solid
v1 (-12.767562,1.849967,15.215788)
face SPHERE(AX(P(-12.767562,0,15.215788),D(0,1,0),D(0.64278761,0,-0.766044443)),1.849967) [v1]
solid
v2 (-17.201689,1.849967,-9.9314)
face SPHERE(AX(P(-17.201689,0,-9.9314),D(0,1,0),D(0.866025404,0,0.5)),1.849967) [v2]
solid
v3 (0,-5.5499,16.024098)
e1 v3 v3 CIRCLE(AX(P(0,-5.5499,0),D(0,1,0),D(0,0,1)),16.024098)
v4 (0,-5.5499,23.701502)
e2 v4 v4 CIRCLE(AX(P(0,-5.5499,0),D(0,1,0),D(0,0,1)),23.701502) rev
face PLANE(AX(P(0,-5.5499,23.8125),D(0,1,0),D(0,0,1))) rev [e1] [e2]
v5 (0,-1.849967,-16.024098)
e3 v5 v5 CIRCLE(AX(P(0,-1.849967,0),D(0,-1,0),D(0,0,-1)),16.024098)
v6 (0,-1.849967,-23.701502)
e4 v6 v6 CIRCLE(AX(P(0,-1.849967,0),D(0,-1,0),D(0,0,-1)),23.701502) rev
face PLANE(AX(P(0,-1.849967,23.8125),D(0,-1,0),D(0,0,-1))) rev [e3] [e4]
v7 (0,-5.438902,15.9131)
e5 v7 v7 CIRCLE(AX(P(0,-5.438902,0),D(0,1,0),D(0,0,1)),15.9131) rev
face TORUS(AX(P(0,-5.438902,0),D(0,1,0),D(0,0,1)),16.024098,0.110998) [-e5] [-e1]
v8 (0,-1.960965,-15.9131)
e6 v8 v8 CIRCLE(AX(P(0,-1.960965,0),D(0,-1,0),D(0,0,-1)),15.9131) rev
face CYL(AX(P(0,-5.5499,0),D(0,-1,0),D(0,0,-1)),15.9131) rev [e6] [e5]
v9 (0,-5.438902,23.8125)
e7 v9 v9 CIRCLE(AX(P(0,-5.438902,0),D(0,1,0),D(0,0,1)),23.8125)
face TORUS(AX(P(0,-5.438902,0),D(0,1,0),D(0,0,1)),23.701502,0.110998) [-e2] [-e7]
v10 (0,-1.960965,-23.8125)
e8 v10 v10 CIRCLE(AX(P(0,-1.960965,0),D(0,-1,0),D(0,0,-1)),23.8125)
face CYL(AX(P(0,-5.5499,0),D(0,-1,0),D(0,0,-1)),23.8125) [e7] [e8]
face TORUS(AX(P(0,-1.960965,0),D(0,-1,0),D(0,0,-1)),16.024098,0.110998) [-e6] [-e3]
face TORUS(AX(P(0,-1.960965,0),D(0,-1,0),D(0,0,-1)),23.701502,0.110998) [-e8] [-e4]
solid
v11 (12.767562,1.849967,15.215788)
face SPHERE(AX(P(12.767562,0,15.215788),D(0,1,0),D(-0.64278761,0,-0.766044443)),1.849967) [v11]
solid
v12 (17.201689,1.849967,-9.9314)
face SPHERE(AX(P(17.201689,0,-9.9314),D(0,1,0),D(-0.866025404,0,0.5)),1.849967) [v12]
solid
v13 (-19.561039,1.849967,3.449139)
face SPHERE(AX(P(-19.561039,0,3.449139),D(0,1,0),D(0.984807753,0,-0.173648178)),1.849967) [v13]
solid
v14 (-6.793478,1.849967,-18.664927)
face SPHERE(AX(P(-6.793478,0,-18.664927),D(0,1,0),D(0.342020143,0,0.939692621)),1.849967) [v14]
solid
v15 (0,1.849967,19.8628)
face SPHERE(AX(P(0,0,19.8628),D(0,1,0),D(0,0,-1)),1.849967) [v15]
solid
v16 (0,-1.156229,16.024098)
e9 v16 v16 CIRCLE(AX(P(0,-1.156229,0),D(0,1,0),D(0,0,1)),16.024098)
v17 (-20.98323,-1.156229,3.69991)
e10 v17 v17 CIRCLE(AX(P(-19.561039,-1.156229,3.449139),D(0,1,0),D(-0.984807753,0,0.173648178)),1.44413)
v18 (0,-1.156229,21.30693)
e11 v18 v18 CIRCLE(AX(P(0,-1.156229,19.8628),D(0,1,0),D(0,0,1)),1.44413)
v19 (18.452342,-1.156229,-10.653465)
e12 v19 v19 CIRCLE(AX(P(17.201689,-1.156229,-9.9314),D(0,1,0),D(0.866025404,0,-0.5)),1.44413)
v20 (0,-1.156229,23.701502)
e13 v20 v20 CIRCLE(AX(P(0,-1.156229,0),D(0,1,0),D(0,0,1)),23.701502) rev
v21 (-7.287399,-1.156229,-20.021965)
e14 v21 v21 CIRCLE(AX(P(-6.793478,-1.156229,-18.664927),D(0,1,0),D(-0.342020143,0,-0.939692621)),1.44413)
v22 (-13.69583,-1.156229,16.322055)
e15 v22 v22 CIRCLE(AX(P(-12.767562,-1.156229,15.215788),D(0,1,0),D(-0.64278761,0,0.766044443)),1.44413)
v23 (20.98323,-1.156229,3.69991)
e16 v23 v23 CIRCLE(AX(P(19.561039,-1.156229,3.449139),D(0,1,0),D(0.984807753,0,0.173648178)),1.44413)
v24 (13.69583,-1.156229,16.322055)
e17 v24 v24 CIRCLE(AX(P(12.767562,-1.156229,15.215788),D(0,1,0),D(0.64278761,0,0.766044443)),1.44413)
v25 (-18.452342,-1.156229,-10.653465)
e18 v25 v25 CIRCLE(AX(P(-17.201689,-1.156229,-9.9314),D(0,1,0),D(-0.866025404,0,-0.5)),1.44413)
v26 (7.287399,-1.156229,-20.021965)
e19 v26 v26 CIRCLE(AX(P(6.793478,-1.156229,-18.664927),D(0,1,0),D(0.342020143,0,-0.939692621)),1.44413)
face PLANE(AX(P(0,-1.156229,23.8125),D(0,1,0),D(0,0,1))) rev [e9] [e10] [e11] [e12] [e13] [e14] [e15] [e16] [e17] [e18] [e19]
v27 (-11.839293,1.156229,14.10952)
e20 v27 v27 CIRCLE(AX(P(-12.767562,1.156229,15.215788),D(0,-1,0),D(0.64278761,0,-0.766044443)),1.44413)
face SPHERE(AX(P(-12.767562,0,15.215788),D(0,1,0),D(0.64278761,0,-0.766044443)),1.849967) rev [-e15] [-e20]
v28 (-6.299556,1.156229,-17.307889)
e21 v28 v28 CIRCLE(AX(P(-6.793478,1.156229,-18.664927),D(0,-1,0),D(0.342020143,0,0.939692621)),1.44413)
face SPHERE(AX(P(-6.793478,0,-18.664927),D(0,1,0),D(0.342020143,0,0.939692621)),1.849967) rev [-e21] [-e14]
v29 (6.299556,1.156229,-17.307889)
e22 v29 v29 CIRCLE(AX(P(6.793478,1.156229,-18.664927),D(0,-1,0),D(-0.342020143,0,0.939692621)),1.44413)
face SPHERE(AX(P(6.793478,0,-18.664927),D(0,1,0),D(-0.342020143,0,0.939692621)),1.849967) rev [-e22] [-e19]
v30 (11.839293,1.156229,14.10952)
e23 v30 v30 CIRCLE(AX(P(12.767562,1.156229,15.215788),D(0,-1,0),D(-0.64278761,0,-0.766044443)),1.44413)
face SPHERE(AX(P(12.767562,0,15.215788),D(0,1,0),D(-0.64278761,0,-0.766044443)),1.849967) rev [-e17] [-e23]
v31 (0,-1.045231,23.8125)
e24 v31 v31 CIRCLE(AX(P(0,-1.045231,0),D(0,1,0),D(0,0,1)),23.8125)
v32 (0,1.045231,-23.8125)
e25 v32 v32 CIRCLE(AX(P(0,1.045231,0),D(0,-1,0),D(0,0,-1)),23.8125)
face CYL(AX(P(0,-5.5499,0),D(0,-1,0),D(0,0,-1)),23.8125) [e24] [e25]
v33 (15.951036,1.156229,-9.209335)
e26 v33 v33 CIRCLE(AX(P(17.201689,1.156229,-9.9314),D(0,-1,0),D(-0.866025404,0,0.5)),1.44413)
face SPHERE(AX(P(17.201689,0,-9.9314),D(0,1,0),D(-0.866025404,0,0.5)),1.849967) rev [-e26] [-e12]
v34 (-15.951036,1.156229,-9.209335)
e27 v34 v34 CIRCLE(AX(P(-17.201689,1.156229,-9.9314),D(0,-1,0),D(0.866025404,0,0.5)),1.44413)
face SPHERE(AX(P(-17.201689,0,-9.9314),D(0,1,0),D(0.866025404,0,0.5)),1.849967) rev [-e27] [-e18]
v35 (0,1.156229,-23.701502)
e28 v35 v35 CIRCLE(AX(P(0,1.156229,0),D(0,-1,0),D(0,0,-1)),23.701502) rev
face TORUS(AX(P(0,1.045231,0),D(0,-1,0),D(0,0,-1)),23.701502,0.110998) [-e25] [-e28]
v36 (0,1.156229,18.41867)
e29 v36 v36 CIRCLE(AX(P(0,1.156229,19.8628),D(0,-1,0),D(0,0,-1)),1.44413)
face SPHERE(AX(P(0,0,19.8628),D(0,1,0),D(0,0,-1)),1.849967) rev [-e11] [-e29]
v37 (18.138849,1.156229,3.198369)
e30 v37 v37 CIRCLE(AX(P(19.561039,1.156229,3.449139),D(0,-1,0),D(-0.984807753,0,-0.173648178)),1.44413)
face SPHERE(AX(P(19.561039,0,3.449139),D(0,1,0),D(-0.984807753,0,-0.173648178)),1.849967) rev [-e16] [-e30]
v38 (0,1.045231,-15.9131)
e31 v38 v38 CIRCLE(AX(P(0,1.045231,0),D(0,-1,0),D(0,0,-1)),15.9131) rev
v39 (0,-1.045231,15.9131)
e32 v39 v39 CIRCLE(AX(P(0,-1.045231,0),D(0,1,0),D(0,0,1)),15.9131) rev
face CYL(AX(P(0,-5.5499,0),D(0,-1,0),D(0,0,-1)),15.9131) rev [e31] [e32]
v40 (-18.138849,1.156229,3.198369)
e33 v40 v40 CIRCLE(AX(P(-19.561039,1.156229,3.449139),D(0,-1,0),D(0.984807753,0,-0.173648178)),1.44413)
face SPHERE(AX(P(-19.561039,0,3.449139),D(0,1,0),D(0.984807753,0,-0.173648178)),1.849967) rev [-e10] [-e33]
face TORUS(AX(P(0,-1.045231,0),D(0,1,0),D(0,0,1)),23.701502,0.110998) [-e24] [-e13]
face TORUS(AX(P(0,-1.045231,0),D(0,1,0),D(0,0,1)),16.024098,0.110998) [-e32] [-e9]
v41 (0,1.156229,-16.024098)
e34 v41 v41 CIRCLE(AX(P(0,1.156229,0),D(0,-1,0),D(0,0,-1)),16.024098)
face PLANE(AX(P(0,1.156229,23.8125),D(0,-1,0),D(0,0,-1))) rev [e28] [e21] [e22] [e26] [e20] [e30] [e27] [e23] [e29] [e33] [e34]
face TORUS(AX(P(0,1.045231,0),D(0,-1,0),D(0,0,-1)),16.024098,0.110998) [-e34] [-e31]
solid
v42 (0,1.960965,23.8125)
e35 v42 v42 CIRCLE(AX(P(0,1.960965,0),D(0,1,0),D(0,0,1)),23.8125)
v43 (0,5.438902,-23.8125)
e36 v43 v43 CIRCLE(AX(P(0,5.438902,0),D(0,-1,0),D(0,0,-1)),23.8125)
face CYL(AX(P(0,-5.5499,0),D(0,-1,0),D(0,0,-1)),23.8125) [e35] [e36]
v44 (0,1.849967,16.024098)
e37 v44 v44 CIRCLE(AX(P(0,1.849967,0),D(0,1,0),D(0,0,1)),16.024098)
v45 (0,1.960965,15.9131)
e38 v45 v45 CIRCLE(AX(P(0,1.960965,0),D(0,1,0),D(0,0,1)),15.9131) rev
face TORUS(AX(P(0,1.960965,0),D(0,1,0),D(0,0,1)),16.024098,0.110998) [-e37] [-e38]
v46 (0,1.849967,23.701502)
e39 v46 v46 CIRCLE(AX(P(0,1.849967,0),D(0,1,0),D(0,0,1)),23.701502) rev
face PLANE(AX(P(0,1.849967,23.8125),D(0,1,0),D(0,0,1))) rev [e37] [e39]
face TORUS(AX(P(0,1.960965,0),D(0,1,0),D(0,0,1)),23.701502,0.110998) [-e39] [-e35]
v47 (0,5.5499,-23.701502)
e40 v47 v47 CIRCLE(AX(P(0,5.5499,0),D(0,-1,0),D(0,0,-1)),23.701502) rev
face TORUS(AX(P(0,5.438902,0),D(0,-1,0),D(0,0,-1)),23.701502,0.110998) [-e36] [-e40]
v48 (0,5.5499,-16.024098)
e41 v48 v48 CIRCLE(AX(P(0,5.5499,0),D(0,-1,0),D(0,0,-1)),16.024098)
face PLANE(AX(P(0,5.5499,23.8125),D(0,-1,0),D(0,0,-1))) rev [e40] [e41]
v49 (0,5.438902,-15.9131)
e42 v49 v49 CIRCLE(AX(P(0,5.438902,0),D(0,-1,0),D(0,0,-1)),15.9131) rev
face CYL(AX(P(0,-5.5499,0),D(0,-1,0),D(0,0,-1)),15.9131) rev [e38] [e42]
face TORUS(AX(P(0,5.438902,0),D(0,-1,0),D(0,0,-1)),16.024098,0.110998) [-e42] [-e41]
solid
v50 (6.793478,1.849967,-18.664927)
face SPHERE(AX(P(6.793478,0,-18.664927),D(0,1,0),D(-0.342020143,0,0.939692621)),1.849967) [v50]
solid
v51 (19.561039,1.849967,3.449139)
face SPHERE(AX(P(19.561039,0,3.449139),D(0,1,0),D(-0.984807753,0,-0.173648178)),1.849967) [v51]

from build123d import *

# Parameters (mm, degrees)
SKETCH1_W         = 7.8994
SKETCH1_H         = 2.312458334
CIRPATTERN1_COUNT = 9
CIRPATTERN1_ANGLE = 320
CIRPATTERN2_COUNT = 9
SKETCH4_W         = 7.8994
SKETCH4_H         = 3.699933333
FILLET1_R         = 0.110998
FILLET2_R         = 0.110998
FILLET3_R         = 0.110998


with BuildPart() as part:
    # Sketch1 → Revolve1 (revolve)
    with BuildSketch(Plane(origin=(0, 0, 0), x_dir=(0, 0, -1), z_dir=(1, 0, 0))):
        with Locations((-19.8628, 0)):
            Rectangle(SKETCH1_W, SKETCH1_H)
    revolve(axis=Axis((0, -5.5499, 0), (0, 1, 0)))

    # Sketch3 → Cut-Revolve1 (revolve, cut)
    with BuildSketch(Plane(origin=(0, 0, 0), x_dir=(0, 0, -1), z_dir=(1, 0, 0))):
        with BuildLine():
            Line((-19.8628, 1.849966667), (-19.8628, -1.849966667))
            ThreePointArc((-19.8628, -1.849966667), (-21.712766667, 0), (-19.8628, 1.849966667))
        make_face()
    cut_revolve1 = revolve(axis=Axis((0, 1.849966667, 19.8628), (0, -1, 0)), mode=Mode.SUBTRACT)

    # CirPattern2: Cut-Revolve1 ×9 about axis
    cirpattern2_axis = Axis((0, 0, 0), (0, 1, 0))
    for i in range(1, CIRPATTERN2_COUNT):
        add(cut_revolve1.rotate(cirpattern2_axis, i * 360 / CIRPATTERN2_COUNT), mode=Mode.SUBTRACT)

    # Fillet2
    fillet2_edges = [part.edges().sort_by_distance(p)[0] for p in [
        (0, 1.156229167, -23.8125),
        (0, 1.156229167, -15.9131),
        (0, -1.156229167, -15.9131),
        (0, -1.156229167, -23.8125),
    ]]
    fillet(fillet2_edges, radius=FILLET2_R)


with BuildPart() as body_2:
    # Sketch2 → Revolve2 (revolve)
    with BuildSketch(Plane(origin=(0, 0, 0), x_dir=(0, 0, -1), z_dir=(1, 0, 0))):
        with BuildLine():
            Line((-19.8628, 1.849966667), (-19.8628, -1.849966667))
            ThreePointArc((-19.8628, -1.849966667), (-21.712766667, 0), (-19.8628, 1.849966667))
        make_face()
    revolve(axis=Axis((0, 1.849966667, 19.8628), (0, -1, 0)))


with BuildPart() as cirpattern1_1:
    # CirPattern1: pattern copy
    add(body_2.part.rotate(Axis((0, 5.5499, 0), (0, -1, 0)), 1 * CIRPATTERN1_ANGLE / (CIRPATTERN1_COUNT - 1)))


with BuildPart() as cirpattern1_2:
    # CirPattern1: pattern copy
    add(body_2.part.rotate(Axis((0, 5.5499, 0), (0, -1, 0)), 2 * CIRPATTERN1_ANGLE / (CIRPATTERN1_COUNT - 1)))


with BuildPart() as cirpattern1_3:
    # CirPattern1: pattern copy
    add(body_2.part.rotate(Axis((0, 5.5499, 0), (0, -1, 0)), 3 * CIRPATTERN1_ANGLE / (CIRPATTERN1_COUNT - 1)))


with BuildPart() as cirpattern1_4:
    # CirPattern1: pattern copy
    add(body_2.part.rotate(Axis((0, 5.5499, 0), (0, -1, 0)), 4 * CIRPATTERN1_ANGLE / (CIRPATTERN1_COUNT - 1)))


with BuildPart() as cirpattern1_5:
    # CirPattern1: pattern copy
    add(body_2.part.rotate(Axis((0, 5.5499, 0), (0, -1, 0)), 5 * CIRPATTERN1_ANGLE / (CIRPATTERN1_COUNT - 1)))


with BuildPart() as cirpattern1_6:
    # CirPattern1: pattern copy
    add(body_2.part.rotate(Axis((0, 5.5499, 0), (0, -1, 0)), 6 * CIRPATTERN1_ANGLE / (CIRPATTERN1_COUNT - 1)))


with BuildPart() as cirpattern1_7:
    # CirPattern1: pattern copy
    add(body_2.part.rotate(Axis((0, 5.5499, 0), (0, -1, 0)), 7 * CIRPATTERN1_ANGLE / (CIRPATTERN1_COUNT - 1)))


with BuildPart() as cirpattern1_8:
    # CirPattern1: pattern copy
    add(body_2.part.rotate(Axis((0, 5.5499, 0), (0, -1, 0)), 8 * CIRPATTERN1_ANGLE / (CIRPATTERN1_COUNT - 1)))


with BuildPart() as body_11:
    # Sketch4 → Revolve3 (revolve)
    with BuildSketch(Plane(origin=(0, 0, 0), x_dir=(0, 0, -1), z_dir=(1, 0, 0))):
        with Locations((-19.8628, 3.699933334)):
            Rectangle(SKETCH4_W, SKETCH4_H)
        with Locations((-19.8628, -3.699933334)):
            Rectangle(SKETCH4_W, SKETCH4_H)
    revolve(axis=Axis((0, -5.5499, 0), (0, 1, 0)))

    # Fillet1
    fillet1_edges = [body_11.edges().sort_by_distance(p)[0] for p in [
        (0, 1.849966667, -23.8125),
        (0, 1.849966667, -15.9131),
        (0, 5.5499, -15.9131),
        (0, 5.5499, -23.8125),
    ]]
    fillet(fillet1_edges, radius=FILLET1_R)

    # Fillet3
    fillet3_edges = [body_11.edges().sort_by_distance(p)[0] for p in [
        (0, -5.5499, -23.8125),
        (0, -5.5499, -15.9131),
        (0, -1.849966667, -15.9131),
        (0, -1.849966667, -23.8125),
    ]]
    fillet(fillet3_edges, radius=FILLET3_R)


solid = Compound([part.part, body_2.part, cirpattern1_1.part, cirpattern1_2.part, cirpattern1_3.part, cirpattern1_4.part, cirpattern1_5.part, cirpattern1_6.part, cirpattern1_7.part, cirpattern1_8.part, body_11.part])
